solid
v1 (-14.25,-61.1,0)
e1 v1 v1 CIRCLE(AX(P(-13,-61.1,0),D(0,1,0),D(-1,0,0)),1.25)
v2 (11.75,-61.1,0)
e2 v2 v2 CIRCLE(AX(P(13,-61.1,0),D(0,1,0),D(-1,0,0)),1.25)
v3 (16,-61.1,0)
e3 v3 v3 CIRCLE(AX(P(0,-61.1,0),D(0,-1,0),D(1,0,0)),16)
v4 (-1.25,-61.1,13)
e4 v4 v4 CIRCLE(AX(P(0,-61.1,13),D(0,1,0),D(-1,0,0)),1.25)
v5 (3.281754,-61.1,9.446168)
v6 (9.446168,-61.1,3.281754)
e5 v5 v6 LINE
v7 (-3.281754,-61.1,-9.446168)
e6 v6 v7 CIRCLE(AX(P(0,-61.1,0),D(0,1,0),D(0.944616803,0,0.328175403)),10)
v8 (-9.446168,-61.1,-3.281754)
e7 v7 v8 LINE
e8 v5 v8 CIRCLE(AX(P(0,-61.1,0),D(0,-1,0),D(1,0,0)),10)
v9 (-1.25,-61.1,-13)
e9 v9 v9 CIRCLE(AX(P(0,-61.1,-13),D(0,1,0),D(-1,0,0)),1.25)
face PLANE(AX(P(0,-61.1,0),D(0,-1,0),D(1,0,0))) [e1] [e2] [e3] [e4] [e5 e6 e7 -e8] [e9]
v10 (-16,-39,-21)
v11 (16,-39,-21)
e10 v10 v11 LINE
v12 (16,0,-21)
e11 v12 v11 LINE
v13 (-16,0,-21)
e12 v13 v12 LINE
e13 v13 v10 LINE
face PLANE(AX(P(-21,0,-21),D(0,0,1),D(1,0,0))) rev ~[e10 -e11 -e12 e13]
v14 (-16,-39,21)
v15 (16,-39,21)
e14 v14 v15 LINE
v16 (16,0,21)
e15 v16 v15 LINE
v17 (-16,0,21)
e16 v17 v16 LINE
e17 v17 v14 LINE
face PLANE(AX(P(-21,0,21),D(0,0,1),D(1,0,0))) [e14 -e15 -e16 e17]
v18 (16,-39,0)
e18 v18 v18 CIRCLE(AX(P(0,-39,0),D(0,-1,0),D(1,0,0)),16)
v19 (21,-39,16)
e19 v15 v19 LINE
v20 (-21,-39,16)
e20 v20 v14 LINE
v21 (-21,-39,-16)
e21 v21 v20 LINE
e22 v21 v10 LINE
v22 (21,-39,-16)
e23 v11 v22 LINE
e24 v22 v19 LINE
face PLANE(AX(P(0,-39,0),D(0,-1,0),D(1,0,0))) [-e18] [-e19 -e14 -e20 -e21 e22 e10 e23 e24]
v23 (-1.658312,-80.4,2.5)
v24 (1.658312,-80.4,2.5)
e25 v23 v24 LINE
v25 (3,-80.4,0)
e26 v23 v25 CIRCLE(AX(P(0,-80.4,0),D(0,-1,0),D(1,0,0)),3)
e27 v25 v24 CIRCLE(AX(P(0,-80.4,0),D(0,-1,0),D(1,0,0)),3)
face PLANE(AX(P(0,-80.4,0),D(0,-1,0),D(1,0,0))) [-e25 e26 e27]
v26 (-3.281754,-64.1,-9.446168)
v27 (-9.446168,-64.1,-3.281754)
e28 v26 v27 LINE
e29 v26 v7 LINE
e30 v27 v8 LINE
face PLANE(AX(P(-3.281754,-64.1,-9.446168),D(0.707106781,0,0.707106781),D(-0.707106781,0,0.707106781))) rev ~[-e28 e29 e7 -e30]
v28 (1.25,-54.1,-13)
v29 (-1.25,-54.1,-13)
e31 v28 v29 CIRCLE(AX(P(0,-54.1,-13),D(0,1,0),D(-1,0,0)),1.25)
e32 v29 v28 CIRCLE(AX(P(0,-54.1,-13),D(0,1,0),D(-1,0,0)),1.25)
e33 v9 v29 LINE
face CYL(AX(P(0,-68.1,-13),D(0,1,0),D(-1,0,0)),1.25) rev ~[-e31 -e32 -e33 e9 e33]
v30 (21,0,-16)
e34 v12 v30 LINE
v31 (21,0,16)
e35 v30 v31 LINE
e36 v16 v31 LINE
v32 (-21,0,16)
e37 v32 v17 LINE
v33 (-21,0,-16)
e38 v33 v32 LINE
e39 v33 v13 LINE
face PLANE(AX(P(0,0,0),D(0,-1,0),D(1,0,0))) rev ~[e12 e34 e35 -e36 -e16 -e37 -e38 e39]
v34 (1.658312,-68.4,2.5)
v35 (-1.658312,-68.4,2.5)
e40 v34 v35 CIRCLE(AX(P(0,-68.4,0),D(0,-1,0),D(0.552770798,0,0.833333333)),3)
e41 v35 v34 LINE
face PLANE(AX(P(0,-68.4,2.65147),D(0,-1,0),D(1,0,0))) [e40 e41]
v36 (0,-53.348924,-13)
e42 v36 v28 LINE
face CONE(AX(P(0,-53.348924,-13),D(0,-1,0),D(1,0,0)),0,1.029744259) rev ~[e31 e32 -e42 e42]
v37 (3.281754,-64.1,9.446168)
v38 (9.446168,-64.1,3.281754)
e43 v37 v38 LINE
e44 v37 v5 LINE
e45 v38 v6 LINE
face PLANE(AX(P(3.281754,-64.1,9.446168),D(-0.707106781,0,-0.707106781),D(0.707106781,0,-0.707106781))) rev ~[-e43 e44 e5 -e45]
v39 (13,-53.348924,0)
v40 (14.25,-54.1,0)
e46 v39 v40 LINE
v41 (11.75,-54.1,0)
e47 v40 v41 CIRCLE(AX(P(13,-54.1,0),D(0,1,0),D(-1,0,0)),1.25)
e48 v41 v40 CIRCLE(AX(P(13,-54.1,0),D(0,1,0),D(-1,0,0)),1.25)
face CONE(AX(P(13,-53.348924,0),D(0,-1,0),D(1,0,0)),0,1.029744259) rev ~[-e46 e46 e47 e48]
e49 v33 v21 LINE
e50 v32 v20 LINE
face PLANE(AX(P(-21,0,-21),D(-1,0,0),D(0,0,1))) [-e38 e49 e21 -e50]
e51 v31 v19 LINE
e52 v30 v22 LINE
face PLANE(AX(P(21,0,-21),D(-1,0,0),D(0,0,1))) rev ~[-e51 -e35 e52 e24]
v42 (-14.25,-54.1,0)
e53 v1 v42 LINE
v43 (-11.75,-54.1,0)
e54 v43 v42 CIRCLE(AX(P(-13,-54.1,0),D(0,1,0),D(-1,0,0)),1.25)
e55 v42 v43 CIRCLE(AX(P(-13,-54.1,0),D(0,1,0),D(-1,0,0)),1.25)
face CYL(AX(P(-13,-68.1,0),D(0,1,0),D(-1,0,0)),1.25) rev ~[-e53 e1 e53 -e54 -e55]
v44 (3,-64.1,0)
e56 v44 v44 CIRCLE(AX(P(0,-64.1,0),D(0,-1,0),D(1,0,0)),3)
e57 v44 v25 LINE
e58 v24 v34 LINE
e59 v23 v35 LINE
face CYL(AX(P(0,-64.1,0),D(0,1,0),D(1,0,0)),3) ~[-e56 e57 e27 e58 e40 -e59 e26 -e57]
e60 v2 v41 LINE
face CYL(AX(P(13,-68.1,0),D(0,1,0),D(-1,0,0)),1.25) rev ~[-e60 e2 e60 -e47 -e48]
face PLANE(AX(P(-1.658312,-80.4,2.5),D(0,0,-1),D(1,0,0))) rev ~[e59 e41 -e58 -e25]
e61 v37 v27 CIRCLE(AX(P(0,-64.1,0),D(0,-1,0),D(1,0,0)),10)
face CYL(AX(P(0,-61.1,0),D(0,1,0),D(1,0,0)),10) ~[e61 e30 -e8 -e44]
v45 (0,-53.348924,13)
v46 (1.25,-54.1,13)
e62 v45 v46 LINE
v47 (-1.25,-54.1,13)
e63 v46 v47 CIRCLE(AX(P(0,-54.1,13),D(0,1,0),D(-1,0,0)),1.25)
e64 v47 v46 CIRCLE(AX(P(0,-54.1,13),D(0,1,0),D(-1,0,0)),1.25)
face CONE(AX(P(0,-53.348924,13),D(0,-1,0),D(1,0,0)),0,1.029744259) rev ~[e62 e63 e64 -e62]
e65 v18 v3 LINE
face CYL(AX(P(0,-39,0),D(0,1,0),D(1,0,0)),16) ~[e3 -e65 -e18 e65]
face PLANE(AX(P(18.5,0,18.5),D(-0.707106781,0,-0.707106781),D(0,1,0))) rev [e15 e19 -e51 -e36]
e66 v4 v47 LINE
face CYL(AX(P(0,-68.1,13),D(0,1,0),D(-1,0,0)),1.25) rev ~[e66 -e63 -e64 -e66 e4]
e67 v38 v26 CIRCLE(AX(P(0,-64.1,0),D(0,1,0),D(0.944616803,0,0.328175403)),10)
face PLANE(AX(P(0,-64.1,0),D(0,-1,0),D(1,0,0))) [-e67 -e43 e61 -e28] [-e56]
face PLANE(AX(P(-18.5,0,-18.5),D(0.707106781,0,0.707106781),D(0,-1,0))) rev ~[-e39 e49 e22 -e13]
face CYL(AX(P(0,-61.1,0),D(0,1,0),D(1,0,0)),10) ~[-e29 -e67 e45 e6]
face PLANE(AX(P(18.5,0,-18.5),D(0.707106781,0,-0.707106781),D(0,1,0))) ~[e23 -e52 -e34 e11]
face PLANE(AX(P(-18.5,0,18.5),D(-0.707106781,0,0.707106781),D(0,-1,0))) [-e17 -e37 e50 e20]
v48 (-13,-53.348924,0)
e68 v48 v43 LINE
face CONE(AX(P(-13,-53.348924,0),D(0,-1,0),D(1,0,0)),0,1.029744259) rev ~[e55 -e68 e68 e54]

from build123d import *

# Parameters (mm, degrees)
F0_W      = 42
F0_H      = 42
F1_DEPTH  = 39
F2_R      = 16
F3_DEPTH  = 22.1
F4_R      = 10
F5_DEPTH  = 3
F6_R      = 3
F7_DEPTH  = 16.3
F8_SIZE   = 5
F10_DEPTH = 12
F12_DEPTH = 3
F14_D     = 2.5
F14_DEPTH = 7
F14_TIP   = 0.7510757738


with BuildPart() as f1:
    # F0 (on Front) → F1 (new body)
    with BuildSketch(Plane.XZ):
        Rectangle(F0_W, F0_H)
    extrude(amount=F1_DEPTH)

    # F2 (on face) → F3 (join)
    with BuildSketch(Plane.XZ.offset(39)):
        Circle(F2_R)
    extrude(amount=F3_DEPTH)

    # F4 (on face) → F5 (join)
    with BuildSketch(Plane.XZ.offset(61.1)):
        Circle(F4_R)
    extrude(amount=F5_DEPTH)

    # F6 (on face) → F7 (join)
    with BuildSketch(Plane.XZ.offset(64.1)):
        Circle(F6_R)
    extrude(amount=F7_DEPTH)

    # F8
    f8_edges = [f1.edges().sort_by_distance(p)[0] for p in [
        (-21, -19.5, 21),
        (21, -19.5, 21),
        (21, -19.5, -21),
        (-21, -19.5, -21),
    ]]
    chamfer(f8_edges, length=F8_SIZE)

    # F9 (on face) → F10 (cut)
    with BuildSketch(Plane.XZ.offset(80.4)):
        with BuildLine():
            Line((-1.6583123952, 2.5), (1.6583123952, 2.5))
            ThreePointArc((1.6583123952, 2.5), (0, 3), (-1.6583123952, 2.5))
        make_face()
    extrude(amount=-F10_DEPTH, mode=Mode.SUBTRACT)

    # F11 (on face) → F12 (cut, through all)
    with BuildSketch(Plane.XZ.offset(64.1)):
        with BuildLine():
            Line((3.2817540292, 9.4461680322), (9.4461680322, 3.2817540292))
            ThreePointArc((9.4461680322, 3.2817540292), (7.0710678119, 7.0710678119), (3.2817540292, 9.4461680322))
        make_face()
        with BuildLine():
            ThreePointArc((-9.4461680322, -3.2817540292), (-7.0710678119, -7.0710678119), (-3.2817540292, -9.4461680322))
            Line((-3.2817540292, -9.4461680322), (-9.4461680322, -3.2817540292))
        make_face()
    extrude(amount=-F12_DEPTH, mode=Mode.SUBTRACT)

    # F14
    with Locations(Plane.XZ.offset(61.1)):
        with Locations((0, 13), (-13, 0), (0, -13), (13, 0)):
            Hole(F14_D / 2, depth=F14_DEPTH)
            with Locations((0, 0, -(F14_DEPTH + F14_TIP / 2))):  # 118° drill point
                Cone(0, F14_D / 2, F14_TIP, mode=Mode.SUBTRACT)


solid = f1.part
